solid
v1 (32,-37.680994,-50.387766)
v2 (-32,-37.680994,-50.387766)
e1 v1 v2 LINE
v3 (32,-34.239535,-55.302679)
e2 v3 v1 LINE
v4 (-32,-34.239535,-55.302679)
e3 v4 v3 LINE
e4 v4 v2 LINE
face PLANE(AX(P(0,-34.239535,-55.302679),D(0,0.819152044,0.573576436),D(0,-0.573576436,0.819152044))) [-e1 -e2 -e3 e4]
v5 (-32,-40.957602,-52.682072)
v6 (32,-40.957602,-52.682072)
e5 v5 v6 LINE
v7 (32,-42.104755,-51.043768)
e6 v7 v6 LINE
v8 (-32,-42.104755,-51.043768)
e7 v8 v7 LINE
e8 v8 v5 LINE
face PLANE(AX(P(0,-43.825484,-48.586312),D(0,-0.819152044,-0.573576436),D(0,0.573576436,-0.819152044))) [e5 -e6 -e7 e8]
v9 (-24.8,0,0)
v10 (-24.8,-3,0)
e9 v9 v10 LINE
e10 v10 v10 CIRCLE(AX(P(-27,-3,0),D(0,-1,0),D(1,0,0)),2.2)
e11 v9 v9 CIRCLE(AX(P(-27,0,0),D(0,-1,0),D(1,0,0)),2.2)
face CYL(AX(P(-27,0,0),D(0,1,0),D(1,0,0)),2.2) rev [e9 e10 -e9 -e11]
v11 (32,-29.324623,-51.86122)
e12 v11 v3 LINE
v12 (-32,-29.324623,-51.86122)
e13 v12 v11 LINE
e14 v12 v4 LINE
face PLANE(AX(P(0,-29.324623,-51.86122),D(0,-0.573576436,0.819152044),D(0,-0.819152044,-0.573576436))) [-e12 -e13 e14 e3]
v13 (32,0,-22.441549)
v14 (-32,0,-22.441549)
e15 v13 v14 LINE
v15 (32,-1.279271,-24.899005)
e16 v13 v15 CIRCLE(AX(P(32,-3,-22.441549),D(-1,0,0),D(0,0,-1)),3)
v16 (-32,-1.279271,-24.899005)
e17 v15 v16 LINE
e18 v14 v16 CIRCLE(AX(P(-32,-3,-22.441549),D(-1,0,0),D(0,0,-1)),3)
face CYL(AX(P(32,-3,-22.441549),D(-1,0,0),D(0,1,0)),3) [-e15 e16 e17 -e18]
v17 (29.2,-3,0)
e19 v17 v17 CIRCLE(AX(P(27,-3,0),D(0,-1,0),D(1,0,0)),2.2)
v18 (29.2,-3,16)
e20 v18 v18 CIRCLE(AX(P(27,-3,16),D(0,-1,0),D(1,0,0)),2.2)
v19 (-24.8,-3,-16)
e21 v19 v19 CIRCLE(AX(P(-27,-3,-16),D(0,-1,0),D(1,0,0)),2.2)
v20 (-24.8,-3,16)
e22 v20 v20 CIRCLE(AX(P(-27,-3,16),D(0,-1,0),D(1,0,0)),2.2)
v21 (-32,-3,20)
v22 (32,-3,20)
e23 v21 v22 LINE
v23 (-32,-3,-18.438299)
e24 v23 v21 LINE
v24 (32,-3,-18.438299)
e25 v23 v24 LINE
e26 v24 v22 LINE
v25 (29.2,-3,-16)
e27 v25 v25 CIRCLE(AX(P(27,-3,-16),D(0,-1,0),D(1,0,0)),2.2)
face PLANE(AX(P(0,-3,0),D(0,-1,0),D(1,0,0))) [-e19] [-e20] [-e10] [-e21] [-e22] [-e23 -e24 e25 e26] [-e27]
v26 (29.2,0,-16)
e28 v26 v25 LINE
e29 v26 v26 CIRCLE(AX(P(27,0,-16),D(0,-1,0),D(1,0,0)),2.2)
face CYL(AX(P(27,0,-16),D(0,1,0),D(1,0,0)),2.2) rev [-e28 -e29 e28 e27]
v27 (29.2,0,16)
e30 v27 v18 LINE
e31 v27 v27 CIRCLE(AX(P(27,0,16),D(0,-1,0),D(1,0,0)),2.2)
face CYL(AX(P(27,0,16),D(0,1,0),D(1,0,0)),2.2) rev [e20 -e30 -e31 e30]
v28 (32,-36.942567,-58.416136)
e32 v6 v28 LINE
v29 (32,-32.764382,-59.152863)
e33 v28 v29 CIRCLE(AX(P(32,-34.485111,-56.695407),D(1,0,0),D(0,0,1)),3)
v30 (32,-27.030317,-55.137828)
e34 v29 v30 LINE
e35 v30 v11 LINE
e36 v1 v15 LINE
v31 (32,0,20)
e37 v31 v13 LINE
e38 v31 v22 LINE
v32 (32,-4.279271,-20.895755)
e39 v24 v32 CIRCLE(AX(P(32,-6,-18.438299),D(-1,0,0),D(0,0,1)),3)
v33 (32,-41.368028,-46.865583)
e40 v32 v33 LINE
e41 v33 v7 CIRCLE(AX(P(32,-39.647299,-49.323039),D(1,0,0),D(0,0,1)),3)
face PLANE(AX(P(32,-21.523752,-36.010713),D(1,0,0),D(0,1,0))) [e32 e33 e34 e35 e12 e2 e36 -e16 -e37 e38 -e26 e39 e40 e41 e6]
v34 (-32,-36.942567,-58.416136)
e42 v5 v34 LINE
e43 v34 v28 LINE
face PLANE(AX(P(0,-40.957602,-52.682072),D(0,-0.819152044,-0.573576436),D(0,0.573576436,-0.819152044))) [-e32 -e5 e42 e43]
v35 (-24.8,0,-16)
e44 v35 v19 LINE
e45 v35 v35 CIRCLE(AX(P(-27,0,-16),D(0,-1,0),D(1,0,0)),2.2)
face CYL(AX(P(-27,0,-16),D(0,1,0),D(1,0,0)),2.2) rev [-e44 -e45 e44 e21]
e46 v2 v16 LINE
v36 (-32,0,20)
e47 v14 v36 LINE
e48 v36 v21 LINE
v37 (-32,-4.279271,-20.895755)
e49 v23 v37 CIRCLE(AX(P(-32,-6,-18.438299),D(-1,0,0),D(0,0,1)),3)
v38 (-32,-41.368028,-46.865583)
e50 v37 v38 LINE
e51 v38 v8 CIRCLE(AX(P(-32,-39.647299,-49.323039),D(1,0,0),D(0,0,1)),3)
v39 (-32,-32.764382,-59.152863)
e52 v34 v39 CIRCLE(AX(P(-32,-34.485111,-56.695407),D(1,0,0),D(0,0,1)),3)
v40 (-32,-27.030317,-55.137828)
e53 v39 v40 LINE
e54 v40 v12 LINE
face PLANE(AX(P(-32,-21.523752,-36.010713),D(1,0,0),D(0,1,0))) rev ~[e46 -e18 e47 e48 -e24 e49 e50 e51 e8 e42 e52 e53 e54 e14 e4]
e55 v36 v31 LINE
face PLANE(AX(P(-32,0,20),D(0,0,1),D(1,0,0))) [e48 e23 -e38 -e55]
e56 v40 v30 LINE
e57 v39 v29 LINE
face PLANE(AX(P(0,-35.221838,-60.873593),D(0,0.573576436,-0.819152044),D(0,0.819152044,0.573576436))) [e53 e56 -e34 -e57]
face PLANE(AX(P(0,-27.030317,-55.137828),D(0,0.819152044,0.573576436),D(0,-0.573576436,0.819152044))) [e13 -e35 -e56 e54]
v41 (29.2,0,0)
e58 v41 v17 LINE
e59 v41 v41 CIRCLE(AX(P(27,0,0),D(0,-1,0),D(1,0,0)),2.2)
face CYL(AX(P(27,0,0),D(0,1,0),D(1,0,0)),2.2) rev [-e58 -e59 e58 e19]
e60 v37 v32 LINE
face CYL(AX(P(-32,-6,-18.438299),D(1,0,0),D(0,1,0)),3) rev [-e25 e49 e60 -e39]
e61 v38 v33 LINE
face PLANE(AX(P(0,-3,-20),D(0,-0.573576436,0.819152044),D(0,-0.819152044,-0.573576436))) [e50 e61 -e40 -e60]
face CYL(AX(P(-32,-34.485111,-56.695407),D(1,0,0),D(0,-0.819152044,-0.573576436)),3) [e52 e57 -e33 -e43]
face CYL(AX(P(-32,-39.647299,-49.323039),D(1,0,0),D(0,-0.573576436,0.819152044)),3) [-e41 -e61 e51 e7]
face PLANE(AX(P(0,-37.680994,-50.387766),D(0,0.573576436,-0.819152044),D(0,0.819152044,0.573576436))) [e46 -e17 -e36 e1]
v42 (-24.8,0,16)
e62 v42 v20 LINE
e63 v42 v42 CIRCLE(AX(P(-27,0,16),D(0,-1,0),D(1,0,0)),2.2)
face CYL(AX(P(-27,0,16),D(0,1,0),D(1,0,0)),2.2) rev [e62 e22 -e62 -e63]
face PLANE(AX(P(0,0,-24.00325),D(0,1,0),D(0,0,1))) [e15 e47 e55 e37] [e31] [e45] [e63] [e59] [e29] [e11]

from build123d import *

# Parameters (mm, degrees)
F0_W     = 64
F0_H     = 40
F0_R     = 2.2
F1_DEPTH = 3
F3_DEPTH = 32
F4_R     = 3


with BuildPart() as f1:
    # F0 (on Front) → F1 (new body)
    with BuildSketch(Plane.XZ):
        Rectangle(F0_W, F0_H)
        with Locations((-27, -16)):
            Circle(F0_R, mode=Mode.SUBTRACT)
        with Locations((27, -16)):
            Circle(F0_R, mode=Mode.SUBTRACT)
        with Locations((-27, 0)):
            Circle(F0_R, mode=Mode.SUBTRACT)
        with Locations((-27, 16)):
            Circle(F0_R, mode=Mode.SUBTRACT)
        with Locations((27, 0)):
            Circle(F0_R, mode=Mode.SUBTRACT)
        with Locations((27, 16)):
            Circle(F0_R, mode=Mode.SUBTRACT)
    extrude(amount=F1_DEPTH)

    # F2 (on Right) → F3 (join, symmetric)
    with BuildSketch(Plane.YZ):
        Polygon((0, -20), (-3, -20), (-43.8254843962, -48.5863119253), (-40.9576022144, -52.6820721467), (-37.6809940373, -50.3877664013), (0, -24.0032503292), align=None)
        Polygon((-37.6809940373, -50.3877664013), (-40.9576022144, -52.6820721467), (-35.2218378509, -60.8735925896), (-27.030317408, -55.1378282261), (-29.3246231535, -51.861220049), (-34.2395354192, -55.3026786671), align=None)
    extrude(amount=F3_DEPTH, both=True)

    # F4
    f4_edges = [f1.edges().sort_by_distance(p)[0] for p in [
        (0, -3, -20),
        (0, 0, -24.00325),
        (0, -43.825484, -48.586312),
        (0, -35.221838, -60.873593),
    ]]
    fillet(f4_edges, radius=F4_R)


solid = f1.part
